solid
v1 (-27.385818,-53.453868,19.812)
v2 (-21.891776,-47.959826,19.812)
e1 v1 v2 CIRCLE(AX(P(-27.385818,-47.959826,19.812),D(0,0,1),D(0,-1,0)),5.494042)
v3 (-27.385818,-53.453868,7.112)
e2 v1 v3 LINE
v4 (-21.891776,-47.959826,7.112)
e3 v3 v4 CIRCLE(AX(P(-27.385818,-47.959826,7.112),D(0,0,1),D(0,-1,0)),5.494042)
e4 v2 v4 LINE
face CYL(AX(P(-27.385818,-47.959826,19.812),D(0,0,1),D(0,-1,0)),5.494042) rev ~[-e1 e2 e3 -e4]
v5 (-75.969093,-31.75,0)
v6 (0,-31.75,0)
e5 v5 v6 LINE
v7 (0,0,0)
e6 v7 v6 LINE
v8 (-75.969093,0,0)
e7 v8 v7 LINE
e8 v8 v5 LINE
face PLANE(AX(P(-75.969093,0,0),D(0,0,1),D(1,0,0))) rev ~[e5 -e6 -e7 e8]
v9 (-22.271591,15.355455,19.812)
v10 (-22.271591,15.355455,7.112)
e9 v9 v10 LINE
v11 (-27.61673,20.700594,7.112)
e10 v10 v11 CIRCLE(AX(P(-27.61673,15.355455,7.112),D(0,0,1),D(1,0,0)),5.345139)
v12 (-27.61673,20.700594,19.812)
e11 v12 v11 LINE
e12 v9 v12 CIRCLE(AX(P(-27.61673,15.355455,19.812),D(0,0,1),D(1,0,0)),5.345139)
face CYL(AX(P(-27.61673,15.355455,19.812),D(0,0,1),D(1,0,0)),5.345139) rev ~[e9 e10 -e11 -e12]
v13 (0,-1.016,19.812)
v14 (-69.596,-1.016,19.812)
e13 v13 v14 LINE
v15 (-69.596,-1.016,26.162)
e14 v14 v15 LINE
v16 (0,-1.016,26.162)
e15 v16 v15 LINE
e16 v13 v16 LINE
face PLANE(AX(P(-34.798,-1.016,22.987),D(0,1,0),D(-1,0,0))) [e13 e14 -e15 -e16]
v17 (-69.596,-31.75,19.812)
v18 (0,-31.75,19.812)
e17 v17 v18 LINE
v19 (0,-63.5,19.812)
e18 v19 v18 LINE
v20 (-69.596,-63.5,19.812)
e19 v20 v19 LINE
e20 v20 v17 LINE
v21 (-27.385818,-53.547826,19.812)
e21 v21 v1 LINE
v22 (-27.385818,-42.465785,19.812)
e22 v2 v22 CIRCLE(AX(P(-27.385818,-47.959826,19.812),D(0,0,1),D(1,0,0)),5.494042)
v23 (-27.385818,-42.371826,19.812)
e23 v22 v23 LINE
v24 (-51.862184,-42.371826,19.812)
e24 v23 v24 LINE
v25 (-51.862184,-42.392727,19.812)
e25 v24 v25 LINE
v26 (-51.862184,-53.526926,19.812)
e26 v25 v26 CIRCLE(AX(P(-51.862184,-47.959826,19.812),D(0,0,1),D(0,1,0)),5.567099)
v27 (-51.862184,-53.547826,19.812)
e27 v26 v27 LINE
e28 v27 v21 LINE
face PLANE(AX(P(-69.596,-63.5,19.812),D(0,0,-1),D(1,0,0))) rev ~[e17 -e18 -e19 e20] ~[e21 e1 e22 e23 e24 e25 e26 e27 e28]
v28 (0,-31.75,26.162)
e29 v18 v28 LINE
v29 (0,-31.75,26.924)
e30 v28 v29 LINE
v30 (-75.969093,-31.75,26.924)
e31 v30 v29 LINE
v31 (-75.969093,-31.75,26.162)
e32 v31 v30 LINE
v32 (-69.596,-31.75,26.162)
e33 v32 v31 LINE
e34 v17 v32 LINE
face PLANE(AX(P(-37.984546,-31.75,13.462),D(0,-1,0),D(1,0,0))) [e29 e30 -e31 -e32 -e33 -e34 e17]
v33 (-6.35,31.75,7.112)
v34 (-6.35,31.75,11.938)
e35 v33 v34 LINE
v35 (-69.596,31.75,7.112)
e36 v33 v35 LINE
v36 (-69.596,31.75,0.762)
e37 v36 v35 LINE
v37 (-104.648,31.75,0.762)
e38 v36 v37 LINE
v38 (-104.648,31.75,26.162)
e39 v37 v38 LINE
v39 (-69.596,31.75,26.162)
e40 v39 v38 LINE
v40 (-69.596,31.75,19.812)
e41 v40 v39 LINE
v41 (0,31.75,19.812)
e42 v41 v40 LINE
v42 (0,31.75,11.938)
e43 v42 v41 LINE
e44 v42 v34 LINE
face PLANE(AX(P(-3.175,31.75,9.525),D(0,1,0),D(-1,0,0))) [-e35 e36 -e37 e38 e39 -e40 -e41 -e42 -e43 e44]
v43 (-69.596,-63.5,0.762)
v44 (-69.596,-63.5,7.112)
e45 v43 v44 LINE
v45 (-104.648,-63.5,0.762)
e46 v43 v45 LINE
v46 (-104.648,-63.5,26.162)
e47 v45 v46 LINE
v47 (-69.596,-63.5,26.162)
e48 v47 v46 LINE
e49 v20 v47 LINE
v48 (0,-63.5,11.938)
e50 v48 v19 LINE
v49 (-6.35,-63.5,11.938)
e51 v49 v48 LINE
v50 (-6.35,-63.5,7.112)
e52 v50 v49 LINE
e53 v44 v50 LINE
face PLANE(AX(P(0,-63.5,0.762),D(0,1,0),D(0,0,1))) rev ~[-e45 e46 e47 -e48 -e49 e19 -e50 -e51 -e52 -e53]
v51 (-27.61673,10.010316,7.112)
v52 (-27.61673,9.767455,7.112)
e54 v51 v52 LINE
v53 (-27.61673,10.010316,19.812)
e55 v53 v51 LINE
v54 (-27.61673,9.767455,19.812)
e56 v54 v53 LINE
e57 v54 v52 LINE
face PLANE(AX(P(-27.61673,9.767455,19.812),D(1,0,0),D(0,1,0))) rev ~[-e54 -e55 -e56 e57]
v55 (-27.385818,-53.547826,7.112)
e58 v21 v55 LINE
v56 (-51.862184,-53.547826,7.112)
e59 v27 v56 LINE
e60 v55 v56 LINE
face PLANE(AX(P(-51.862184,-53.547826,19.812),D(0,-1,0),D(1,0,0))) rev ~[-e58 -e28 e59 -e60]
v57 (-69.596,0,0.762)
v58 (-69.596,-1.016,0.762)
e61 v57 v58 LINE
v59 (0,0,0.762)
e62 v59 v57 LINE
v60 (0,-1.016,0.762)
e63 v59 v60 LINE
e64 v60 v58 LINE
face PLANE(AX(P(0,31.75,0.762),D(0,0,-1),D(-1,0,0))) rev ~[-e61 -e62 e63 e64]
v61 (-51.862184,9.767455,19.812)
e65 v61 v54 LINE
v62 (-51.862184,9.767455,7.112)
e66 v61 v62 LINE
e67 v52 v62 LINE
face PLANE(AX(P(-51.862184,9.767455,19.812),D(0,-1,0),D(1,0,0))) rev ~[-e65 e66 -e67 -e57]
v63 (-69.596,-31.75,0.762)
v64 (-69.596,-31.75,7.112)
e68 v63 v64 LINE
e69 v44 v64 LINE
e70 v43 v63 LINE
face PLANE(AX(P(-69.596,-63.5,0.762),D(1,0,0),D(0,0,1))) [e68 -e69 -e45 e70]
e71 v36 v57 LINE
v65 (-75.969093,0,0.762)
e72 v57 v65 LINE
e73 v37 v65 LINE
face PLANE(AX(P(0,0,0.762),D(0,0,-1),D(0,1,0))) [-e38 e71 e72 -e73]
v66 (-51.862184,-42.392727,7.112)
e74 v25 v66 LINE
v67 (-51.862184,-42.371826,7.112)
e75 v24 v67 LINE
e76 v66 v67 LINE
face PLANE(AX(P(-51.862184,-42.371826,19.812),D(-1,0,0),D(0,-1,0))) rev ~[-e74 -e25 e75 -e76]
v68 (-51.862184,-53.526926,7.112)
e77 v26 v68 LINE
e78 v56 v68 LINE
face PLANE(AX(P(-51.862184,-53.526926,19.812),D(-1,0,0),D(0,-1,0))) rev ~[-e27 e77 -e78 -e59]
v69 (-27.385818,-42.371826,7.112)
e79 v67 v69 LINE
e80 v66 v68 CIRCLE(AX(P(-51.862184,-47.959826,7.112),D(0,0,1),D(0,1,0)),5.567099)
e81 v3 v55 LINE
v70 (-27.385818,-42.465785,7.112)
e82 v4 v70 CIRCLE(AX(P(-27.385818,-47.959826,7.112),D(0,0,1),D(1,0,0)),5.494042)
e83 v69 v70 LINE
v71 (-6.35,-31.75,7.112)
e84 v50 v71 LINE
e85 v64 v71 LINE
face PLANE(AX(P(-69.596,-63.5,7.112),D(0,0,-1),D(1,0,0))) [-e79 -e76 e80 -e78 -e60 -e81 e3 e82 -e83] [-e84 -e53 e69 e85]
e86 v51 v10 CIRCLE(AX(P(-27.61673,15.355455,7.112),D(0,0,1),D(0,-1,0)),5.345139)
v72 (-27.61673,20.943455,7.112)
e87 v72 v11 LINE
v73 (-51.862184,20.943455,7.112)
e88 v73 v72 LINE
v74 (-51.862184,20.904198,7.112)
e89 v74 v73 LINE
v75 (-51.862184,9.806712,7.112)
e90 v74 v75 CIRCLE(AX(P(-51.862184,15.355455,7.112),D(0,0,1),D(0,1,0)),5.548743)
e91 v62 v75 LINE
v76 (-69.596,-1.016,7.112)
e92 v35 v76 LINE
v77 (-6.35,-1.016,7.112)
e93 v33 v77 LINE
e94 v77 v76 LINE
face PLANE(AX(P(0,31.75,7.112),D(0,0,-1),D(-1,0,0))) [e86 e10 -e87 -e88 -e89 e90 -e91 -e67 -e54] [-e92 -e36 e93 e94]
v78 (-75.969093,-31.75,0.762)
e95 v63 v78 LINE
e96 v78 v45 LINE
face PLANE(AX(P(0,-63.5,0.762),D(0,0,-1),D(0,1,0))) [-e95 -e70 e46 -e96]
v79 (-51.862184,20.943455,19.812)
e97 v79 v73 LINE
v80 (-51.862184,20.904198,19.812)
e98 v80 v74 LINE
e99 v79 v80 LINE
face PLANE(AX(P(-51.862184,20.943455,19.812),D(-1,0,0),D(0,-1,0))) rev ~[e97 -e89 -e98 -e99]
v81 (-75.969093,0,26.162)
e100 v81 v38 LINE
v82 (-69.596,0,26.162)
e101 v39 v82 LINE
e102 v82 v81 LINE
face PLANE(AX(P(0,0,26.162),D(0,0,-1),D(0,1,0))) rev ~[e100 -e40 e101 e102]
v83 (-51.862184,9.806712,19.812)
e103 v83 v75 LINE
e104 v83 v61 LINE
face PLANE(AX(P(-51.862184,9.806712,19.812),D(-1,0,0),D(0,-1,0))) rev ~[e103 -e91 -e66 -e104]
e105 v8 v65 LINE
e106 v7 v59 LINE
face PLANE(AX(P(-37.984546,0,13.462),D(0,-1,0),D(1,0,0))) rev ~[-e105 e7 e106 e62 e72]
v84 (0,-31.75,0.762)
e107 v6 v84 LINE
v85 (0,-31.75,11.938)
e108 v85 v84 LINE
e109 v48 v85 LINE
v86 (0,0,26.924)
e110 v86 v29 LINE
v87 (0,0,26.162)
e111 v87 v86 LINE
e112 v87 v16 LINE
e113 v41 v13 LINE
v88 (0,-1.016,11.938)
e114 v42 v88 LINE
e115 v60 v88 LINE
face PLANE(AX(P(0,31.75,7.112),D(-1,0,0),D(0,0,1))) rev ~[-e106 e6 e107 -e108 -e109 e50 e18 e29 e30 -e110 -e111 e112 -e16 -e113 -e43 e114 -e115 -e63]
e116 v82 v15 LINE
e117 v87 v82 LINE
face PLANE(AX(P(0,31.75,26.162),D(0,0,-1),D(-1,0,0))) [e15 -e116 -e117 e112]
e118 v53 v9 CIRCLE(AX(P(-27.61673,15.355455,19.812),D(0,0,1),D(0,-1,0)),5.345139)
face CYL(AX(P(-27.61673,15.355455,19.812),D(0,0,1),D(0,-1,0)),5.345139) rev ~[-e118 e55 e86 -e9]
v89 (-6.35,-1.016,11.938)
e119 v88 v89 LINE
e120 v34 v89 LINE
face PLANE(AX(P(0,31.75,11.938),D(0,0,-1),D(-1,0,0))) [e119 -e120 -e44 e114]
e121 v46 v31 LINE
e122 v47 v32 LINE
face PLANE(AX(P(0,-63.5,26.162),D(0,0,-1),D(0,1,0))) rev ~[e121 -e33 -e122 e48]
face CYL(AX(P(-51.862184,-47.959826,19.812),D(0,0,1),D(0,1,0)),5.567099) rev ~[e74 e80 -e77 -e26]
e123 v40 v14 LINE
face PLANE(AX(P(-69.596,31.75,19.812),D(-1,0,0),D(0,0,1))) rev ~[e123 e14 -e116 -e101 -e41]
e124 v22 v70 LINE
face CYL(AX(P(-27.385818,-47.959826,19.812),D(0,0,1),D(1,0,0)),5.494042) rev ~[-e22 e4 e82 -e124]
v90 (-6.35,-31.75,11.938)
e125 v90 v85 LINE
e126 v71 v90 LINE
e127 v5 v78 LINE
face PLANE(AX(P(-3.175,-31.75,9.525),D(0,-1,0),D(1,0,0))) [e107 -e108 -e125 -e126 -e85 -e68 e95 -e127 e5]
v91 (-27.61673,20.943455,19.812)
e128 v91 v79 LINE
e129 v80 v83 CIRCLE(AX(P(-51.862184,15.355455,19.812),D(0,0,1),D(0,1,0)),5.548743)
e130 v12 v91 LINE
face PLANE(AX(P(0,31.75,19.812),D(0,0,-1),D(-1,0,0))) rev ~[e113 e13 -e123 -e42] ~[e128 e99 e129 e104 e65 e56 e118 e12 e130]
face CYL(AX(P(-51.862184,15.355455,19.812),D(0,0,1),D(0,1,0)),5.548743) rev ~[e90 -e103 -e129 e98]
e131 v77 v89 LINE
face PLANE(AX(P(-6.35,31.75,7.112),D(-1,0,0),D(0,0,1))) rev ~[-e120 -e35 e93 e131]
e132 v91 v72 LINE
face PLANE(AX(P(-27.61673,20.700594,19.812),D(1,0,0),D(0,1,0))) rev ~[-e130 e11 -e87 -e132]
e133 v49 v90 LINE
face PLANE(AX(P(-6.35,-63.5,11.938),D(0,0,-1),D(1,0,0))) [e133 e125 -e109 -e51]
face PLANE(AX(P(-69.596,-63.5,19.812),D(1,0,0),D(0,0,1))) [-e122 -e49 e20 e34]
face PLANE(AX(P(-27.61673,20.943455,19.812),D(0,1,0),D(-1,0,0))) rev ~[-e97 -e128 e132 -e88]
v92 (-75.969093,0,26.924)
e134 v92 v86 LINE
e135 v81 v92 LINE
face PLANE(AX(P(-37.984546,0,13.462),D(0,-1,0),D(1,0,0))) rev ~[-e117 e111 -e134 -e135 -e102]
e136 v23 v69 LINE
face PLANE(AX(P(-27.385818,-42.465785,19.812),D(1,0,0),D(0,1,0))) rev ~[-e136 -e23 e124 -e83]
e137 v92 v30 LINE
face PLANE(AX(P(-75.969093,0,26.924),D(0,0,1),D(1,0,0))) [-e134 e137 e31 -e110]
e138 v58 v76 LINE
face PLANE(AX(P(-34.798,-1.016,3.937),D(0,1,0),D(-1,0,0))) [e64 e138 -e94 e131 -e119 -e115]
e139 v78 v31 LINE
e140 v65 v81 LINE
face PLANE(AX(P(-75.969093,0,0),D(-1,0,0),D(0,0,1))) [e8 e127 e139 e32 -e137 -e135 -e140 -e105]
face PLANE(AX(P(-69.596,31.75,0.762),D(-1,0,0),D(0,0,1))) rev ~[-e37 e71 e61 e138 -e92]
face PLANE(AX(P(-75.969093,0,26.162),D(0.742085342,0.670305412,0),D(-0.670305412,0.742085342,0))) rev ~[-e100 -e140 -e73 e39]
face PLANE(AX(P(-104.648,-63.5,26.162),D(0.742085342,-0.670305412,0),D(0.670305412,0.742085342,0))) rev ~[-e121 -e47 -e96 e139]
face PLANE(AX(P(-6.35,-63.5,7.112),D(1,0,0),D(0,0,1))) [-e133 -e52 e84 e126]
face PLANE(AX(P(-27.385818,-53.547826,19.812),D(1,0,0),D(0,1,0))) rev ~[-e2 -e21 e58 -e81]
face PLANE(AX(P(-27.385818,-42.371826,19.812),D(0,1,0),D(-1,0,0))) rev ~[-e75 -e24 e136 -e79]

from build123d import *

# Parameters (mm, degrees)
F0_W      = 75.9690925479
F0_H      = 26.924
F1_DEPTH  = 31.75
F2_W      = 31.75
F2_H      = 25.4
F3_DEPTH  = 104.648
F4_W      = 69.596
F4_H      = 6.35
F5_DEPTH  = 32.766
F6_W      = 6.35
F6_H      = 4.826
F7_DEPTH  = 31.75
F8_DEPTH  = 31.75
F9_DEPTH  = 32.004
F10_DEPTH = 32.766
F11_DEPTH = 32.766
F12_W     = 69.596
F12_H     = 6.35
F13_DEPTH = 31.75
F14_W     = 6.35
F14_H     = 4.826
F15_DEPTH = 31.75
F17_DEPTH = 19.813
F19_DEPTH = 19.813
F21_DEPTH = 26.163
F23_DEPTH = 26.163


with BuildPart() as f1:
    # F0 (on Front) → F1 (new body)
    with BuildSketch(Plane.XZ):
        with Locations((-37.9845462739, 13.462)):
            Rectangle(F0_W, F0_H)
    extrude(amount=F1_DEPTH)

    # F2 (on face) → F3 (join)
    with BuildSketch(Plane.YZ):
        with Locations((-47.625, 13.462)):
            Rectangle(F2_W, F2_H)
        with Locations((15.875, 13.462)):
            Rectangle(F2_W, F2_H)
    extrude(amount=-F3_DEPTH)

    # F4 (on face) → F5 (cut)
    with BuildSketch(Plane(origin=(0, 31.75, 0), x_dir=(-1, 0, 0), z_dir=(0, 1, 0))):
        with Locations((34.798, 22.987)):
            Rectangle(F4_W, F4_H)
        with Locations((34.798, 3.937)):
            Rectangle(F4_W, F4_H)
    extrude(amount=-F5_DEPTH, mode=Mode.SUBTRACT)

    # F6 (on face) → F7 (join)
    with BuildSketch(Plane(origin=(0, 31.75, 0), x_dir=(-1, 0, 0), z_dir=(0, 1, 0))):
        with Locations((3.175, 9.525)):
            Rectangle(F6_W, F6_H)
    extrude(amount=-F7_DEPTH)

    # F6 (on face) → F8 (join)
    with BuildSketch(Plane(origin=(0, 31.75, 0), x_dir=(-1, 0, 0), z_dir=(0, 1, 0))):
        with Locations((3.175, 9.525)):
            Rectangle(F6_W, F6_H)
    extrude(amount=-F8_DEPTH)

    # F6 (on face) → F9 (cut)
    with BuildSketch(Plane(origin=(0, 31.75, 0), x_dir=(-1, 0, 0), z_dir=(0, 1, 0))):
        with Locations((3.175, 9.525)):
            Rectangle(F6_W, F6_H)
    extrude(amount=-F9_DEPTH, mode=Mode.SUBTRACT)

    # F6 (on face) → F10 (join)
    with BuildSketch(Plane(origin=(0, 31.75, 0), x_dir=(-1, 0, 0), z_dir=(0, 1, 0))):
        with Locations((3.175, 9.525)):
            Rectangle(F6_W, F6_H)
    extrude(amount=-F10_DEPTH)

    # F6 (on face) → F11 (cut)
    with BuildSketch(Plane(origin=(0, 31.75, 0), x_dir=(-1, 0, 0), z_dir=(0, 1, 0))):
        with Locations((3.175, 9.525)):
            Rectangle(F6_W, F6_H)
    extrude(amount=-F11_DEPTH, mode=Mode.SUBTRACT)

    # F12 (on face) → F13 (cut)
    with BuildSketch(Plane.XZ.offset(63.5)):
        with Locations((-34.798, 3.937)):
            Rectangle(F12_W, F12_H)
        with Locations((-34.798, 22.987)):
            Rectangle(F12_W, F12_H)
    extrude(amount=-F13_DEPTH, mode=Mode.SUBTRACT)

    # F14 (on face) → F15 (cut)
    with BuildSketch(Plane.XZ.offset(63.5)):
        with Locations((-3.175, 9.525)):
            Rectangle(F14_W, F14_H)
    extrude(amount=-F15_DEPTH, mode=Mode.SUBTRACT)

    # F16 (on face) → F17 (cut, through all)
    with BuildSketch(Plane.XY.offset(19.812)):
        with BuildLine():
            Line((-51.8621839583, 20.9041976536), (-51.8621839583, 9.8067118621))
            ThreePointArc((-51.8621839583, 9.8067118621), (-47.9386302296, 11.4319010292), (-46.3134410625, 15.3554547578))
            ThreePointArc((-46.3134410625, 15.3554547578), (-47.9386302296, 19.2790084865), (-51.8621839583, 20.9041976536))
        make_face()
        with BuildLine():
            ThreePointArc((-51.8621839583, 20.9041976536), (-57.410926854, 15.3554547578), (-51.8621839583, 9.8067118621))
            Line((-51.8621839583, 9.8067118621), (-51.8621839583, 20.9041976536))
        make_face()
        with BuildLine():
            Line((-51.8621839583, 9.7674547578), (-27.6167299598, 9.7674547578))
            Line((-27.6167299598, 9.7674547578), (-27.6167299598, 10.0103156582))
            ThreePointArc((-27.6167299598, 10.0103156582), (-32.9618690595, 15.3554547578), (-27.6167299598, 20.7005938574))
            Line((-27.6167299598, 20.7005938574), (-27.6167299598, 20.9434547578))
            Line((-27.6167299598, 20.9434547578), (-51.8621839583, 20.9434547578))
            Line((-51.8621839583, 20.9434547578), (-51.8621839583, 20.9041976536))
            ThreePointArc((-51.8621839583, 20.9041976536), (-47.9386302296, 19.2790084865), (-46.3134410625, 15.3554547578))
            ThreePointArc((-46.3134410625, 15.3554547578), (-47.9386302296, 11.4319010292), (-51.8621839583, 9.8067118621))
            Line((-51.8621839583, 9.8067118621), (-51.8621839583, 9.7674547578))
        make_face()
        with BuildLine():
            ThreePointArc((-27.6167299598, 20.7005938574), (-32.9618690595, 15.3554547578), (-27.6167299598, 10.0103156582))
            Line((-27.6167299598, 10.0103156582), (-27.6167299598, 20.7005938574))
        make_face()
        with BuildLine():
            Line((-27.6167299598, 20.7005938574), (-27.6167299598, 10.0103156582))
            ThreePointArc((-27.6167299598, 10.0103156582), (-23.8371458561, 11.5758706541), (-22.2715908602, 15.3554547578))
            ThreePointArc((-22.2715908602, 15.3554547578), (-23.8371458561, 19.1350388615), (-27.6167299598, 20.7005938574))
        make_face()
    extrude(amount=-F17_DEPTH, mode=Mode.SUBTRACT)

    # F18 (on face) → F19 (cut, through all)
    with BuildSketch(Plane.XY.offset(19.812)):
        with BuildLine():
            Line((-51.8621839583, -53.5478262464), (-27.3858178407, -53.5478262464))
            Line((-27.3858178407, -53.5478262464), (-27.3858178407, -53.4538679724))
            ThreePointArc((-27.3858178407, -53.4538679724), (-32.8798595667, -47.9598262464), (-27.3858178407, -42.4657845204))
            Line((-27.3858178407, -42.4657845204), (-27.3858178407, -42.3718262464))
            Line((-27.3858178407, -42.3718262464), (-51.8621839583, -42.3718262464))
            Line((-51.8621839583, -42.3718262464), (-51.8621839583, -42.3927269235))
            ThreePointArc((-51.8621839583, -42.3927269235), (-47.9256502755, -44.0232925636), (-46.2950846354, -47.9598262464))
            ThreePointArc((-46.2950846354, -47.9598262464), (-47.9256502755, -51.8963599291), (-51.8621839583, -53.5269255693))
            Line((-51.8621839583, -53.5269255693), (-51.8621839583, -53.5478262464))
        make_face()
        with BuildLine():
            ThreePointArc((-27.3858178407, -42.4657845204), (-32.8798595667, -47.9598262464), (-27.3858178407, -53.4538679724))
            Line((-27.3858178407, -53.4538679724), (-27.3858178407, -42.4657845204))
        make_face()
        with BuildLine():
            Line((-27.3858178407, -42.4657845204), (-27.3858178407, -53.4538679724))
            ThreePointArc((-27.3858178407, -53.4538679724), (-23.5009436801, -51.844700407), (-21.8917761147, -47.9598262464))
            ThreePointArc((-21.8917761147, -47.9598262464), (-23.5009436801, -44.0749520858), (-27.3858178407, -42.4657845204))
        make_face()
        with BuildLine():
            ThreePointArc((-51.8621839583, -42.3927269235), (-57.4292832812, -47.9598262464), (-51.8621839583, -53.5269255693))
            Line((-51.8621839583, -53.5269255693), (-51.8621839583, -42.3927269235))
        make_face()
        with BuildLine():
            Line((-51.8621839583, -42.3927269235), (-51.8621839583, -53.5269255693))
            ThreePointArc((-51.8621839583, -53.5269255693), (-47.9256502755, -51.8963599291), (-46.2950846354, -47.9598262464))
            ThreePointArc((-46.2950846354, -47.9598262464), (-47.9256502755, -44.0232925636), (-51.8621839583, -42.3927269235))
        make_face()
    extrude(amount=-F19_DEPTH, mode=Mode.SUBTRACT)

    # F20 (on face) → F21 (cut, through all)
    with BuildSketch(Plane.XY.offset(26.162)):
        Polygon((-104.648, -31.75), (-104.648, -63.5), (-75.9690925479, -31.75), align=None)
    extrude(amount=-F21_DEPTH, mode=Mode.SUBTRACT)

    # F22 (on face) → F23 (cut, through all)
    with BuildSketch(Plane.XY.offset(26.162)):
        Polygon((-104.648, 0), (-75.9690925479, 0), (-104.648, 31.75), align=None)
    extrude(amount=-F23_DEPTH, mode=Mode.SUBTRACT)


solid = f1.part
